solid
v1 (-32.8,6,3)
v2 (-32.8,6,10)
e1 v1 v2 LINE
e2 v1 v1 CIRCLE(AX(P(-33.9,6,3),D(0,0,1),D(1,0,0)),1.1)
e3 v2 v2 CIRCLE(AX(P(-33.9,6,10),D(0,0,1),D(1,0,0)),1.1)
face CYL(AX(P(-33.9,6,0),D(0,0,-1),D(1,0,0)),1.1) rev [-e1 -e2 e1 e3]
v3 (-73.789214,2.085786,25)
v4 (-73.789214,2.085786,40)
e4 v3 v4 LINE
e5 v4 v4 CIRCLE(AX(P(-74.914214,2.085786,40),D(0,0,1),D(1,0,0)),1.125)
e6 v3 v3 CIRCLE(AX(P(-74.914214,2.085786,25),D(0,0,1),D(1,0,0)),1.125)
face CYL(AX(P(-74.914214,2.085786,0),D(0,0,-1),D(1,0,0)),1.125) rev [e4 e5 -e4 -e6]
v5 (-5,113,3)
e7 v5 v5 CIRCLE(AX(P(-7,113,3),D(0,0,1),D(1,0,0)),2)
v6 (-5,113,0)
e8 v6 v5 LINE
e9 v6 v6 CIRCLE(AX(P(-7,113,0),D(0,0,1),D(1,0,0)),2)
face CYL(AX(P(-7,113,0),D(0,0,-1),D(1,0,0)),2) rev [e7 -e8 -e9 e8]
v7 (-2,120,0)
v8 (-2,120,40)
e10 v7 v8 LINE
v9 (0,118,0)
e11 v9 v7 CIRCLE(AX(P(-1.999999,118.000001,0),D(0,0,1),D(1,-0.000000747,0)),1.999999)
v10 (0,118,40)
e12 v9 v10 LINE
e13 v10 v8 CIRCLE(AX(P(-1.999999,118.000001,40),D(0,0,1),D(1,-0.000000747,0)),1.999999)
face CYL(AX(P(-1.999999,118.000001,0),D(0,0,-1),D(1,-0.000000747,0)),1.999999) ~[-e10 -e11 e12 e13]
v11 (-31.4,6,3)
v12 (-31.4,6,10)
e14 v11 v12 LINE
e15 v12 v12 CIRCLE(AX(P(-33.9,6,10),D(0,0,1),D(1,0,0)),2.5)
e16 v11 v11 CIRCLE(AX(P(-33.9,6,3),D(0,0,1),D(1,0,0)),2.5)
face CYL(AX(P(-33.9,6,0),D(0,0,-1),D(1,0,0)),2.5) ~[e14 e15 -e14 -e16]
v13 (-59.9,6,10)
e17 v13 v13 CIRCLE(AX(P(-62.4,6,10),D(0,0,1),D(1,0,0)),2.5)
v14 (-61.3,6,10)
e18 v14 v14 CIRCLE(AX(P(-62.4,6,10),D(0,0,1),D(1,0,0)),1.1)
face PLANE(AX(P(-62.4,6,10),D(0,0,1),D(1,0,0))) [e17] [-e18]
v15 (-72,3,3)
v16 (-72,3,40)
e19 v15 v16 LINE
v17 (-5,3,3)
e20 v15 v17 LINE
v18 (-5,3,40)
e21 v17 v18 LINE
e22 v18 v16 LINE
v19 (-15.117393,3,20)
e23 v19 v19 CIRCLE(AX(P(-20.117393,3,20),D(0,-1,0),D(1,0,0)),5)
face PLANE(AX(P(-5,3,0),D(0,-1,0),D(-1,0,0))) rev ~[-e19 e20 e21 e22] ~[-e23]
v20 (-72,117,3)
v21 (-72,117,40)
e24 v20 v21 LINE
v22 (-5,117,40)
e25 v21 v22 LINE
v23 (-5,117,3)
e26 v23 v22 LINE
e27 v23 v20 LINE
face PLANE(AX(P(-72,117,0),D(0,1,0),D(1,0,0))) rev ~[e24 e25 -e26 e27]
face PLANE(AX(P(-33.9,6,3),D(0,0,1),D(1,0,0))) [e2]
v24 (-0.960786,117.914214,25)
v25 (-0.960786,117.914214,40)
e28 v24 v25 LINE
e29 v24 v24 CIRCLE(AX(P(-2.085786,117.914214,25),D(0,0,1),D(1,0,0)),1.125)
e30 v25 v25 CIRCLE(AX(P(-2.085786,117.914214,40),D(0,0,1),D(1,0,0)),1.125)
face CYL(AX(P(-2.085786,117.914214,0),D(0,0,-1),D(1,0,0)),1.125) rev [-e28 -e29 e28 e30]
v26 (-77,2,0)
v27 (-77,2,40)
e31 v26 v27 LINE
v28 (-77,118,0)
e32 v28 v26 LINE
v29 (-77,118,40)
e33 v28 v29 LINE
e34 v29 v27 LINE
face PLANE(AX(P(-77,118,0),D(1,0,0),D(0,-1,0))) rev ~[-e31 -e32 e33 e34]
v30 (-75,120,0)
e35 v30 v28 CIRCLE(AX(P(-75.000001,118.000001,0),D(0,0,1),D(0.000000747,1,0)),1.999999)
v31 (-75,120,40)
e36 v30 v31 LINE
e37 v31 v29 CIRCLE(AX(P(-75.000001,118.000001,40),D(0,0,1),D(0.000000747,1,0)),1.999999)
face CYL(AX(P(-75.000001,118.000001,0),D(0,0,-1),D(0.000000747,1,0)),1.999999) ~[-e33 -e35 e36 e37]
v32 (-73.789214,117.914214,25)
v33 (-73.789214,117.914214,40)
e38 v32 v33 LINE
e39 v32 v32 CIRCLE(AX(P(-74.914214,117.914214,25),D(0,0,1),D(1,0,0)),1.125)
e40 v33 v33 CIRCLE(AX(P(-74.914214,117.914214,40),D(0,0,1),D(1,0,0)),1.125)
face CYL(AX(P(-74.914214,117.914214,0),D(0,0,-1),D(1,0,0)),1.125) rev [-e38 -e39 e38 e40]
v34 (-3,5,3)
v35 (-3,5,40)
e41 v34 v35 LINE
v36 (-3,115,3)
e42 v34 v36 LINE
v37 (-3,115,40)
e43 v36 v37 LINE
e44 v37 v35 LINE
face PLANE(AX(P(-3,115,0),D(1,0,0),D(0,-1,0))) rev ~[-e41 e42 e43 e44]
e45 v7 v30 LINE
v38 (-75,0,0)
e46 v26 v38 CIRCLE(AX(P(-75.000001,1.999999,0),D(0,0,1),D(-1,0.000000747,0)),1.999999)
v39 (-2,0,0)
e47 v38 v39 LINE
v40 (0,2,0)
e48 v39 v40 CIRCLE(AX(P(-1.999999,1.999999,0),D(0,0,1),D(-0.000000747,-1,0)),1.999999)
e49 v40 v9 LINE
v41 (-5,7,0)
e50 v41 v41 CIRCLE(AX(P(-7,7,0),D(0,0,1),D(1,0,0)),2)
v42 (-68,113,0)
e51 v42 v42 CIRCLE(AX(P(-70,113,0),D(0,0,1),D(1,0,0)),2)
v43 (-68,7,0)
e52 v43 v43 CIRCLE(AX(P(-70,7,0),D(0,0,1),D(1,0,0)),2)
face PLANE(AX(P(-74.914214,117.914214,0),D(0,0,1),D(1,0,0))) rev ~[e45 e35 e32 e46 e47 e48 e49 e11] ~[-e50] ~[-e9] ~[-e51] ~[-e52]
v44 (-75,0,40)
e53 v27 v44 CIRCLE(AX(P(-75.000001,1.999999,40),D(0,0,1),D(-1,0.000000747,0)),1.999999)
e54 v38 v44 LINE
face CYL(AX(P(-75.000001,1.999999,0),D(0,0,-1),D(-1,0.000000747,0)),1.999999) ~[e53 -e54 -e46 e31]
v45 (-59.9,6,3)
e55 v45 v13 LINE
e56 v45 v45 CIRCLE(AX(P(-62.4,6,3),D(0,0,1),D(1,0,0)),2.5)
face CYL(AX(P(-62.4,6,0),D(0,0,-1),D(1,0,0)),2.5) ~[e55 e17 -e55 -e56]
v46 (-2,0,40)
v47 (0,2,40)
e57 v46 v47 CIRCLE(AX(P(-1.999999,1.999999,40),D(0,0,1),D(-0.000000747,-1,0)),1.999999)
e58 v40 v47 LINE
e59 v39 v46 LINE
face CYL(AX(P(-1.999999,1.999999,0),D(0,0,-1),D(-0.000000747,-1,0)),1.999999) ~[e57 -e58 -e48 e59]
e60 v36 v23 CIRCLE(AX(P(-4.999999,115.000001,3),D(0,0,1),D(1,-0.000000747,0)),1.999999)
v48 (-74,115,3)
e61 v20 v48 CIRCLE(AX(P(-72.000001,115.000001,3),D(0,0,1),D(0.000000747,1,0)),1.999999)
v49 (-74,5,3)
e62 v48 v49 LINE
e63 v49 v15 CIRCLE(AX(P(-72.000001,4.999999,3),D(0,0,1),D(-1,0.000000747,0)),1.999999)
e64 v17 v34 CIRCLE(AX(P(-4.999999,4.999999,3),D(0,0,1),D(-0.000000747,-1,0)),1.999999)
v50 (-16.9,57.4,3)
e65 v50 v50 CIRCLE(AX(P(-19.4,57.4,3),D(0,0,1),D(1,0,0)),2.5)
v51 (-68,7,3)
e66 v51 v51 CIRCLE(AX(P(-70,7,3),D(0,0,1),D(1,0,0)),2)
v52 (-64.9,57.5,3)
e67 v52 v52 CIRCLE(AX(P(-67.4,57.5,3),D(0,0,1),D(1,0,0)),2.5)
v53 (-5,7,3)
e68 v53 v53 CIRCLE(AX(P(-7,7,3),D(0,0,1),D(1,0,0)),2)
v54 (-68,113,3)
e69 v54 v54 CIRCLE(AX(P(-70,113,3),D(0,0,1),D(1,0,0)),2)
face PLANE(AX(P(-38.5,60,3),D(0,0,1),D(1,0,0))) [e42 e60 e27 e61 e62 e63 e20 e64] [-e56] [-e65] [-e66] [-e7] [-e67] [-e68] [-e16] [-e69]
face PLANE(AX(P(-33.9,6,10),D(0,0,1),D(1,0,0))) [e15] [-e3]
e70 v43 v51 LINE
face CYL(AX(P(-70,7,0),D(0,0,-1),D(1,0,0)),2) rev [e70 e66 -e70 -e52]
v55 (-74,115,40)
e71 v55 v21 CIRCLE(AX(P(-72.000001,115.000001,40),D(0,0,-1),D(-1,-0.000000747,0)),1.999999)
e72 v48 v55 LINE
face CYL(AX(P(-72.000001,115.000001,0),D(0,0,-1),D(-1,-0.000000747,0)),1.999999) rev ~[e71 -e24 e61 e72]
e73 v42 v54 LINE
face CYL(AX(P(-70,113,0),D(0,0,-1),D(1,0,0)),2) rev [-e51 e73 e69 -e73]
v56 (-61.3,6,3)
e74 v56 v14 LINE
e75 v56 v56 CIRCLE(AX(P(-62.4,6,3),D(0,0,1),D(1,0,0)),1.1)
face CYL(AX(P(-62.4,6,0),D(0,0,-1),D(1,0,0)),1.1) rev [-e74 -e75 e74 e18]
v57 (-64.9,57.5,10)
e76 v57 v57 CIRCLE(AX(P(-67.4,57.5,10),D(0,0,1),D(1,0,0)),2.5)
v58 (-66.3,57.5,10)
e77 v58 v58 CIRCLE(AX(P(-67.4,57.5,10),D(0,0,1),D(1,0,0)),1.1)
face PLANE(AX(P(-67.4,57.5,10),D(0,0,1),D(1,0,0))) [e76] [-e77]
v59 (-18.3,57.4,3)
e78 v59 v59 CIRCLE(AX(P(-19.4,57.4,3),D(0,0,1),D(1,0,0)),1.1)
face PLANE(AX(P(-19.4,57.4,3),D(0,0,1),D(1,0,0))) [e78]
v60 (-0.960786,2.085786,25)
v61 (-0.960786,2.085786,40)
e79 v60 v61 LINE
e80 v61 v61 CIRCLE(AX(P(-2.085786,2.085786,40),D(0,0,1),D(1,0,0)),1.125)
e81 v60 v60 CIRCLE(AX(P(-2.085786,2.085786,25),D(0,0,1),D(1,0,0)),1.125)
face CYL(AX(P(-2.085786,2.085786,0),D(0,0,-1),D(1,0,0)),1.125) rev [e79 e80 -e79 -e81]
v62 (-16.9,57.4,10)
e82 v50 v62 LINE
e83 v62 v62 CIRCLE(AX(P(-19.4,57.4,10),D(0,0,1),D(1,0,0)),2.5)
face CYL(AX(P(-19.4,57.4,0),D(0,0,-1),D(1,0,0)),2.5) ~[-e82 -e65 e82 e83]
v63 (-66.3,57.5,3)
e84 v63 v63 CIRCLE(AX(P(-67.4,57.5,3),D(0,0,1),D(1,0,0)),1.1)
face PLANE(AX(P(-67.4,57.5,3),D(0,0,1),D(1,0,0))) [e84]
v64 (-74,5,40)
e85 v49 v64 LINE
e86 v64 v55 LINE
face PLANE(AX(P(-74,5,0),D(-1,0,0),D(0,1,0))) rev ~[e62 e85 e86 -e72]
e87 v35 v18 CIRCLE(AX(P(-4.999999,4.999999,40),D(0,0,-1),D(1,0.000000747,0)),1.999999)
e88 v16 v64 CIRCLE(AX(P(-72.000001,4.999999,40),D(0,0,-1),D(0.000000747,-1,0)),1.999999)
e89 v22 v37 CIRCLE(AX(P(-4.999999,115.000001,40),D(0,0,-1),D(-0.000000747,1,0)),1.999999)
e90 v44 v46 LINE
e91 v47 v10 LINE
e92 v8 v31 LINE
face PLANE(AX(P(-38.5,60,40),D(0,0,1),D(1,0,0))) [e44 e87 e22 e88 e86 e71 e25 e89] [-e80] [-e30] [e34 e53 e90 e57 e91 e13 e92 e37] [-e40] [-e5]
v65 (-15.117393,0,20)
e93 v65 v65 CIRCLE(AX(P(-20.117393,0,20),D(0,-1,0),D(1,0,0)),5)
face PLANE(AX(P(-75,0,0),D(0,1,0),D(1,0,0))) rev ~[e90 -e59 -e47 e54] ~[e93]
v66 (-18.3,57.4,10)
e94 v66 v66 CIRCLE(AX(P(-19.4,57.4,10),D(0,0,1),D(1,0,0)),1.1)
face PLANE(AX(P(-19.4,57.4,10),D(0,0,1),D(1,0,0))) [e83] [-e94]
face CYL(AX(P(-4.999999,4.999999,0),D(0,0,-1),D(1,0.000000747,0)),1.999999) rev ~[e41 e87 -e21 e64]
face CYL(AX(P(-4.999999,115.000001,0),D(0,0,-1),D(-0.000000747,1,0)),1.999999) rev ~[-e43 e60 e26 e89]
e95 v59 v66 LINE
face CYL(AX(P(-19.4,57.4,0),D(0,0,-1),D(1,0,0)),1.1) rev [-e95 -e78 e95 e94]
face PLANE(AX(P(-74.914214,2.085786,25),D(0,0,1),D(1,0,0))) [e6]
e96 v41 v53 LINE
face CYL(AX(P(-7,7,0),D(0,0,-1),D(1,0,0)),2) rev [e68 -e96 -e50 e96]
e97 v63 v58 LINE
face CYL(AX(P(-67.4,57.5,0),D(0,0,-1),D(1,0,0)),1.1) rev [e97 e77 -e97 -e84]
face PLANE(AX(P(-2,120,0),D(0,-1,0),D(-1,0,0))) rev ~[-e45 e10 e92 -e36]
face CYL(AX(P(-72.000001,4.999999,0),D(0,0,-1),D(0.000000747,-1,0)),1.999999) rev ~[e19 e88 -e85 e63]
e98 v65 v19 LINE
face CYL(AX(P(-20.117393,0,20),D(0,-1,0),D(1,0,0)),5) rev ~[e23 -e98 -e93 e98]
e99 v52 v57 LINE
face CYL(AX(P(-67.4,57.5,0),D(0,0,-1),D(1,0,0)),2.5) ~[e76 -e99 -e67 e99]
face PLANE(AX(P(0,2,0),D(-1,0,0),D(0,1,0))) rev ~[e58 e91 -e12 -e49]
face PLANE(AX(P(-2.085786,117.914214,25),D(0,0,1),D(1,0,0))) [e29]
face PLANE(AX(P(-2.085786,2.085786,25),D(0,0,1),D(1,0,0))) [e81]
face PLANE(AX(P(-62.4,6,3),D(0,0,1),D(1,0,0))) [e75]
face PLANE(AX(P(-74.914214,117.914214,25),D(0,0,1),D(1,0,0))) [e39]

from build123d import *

# Parameters (mm, degrees)
F0_R     = 1.125
F1_DEPTH = 40
F0_R_2   = 2
F0_R_3   = 2.5
F2_DEPTH = 3
F0_R_4   = 1.1
F3_DEPTH = 10
F4_DEPTH = 3
F5_R     = 5
F6_DEPTH = 4
F7_DEPTH = 25


with BuildPart() as f1:
    # F0 (on Top) → F1 (new body)
    with BuildSketch(Plane.XY):
        with BuildLine():
            Line((-2, 120), (-75, 120))
            ThreePointArc((-75, 120), (-76.414214, 119.414214), (-77, 118))
            Line((-77, 118), (-77, 2))
            ThreePointArc((-77, 2), (-76.414214, 0.585786), (-75, 0))
            Line((-75, 0), (-2, 0))
            ThreePointArc((-2, 0), (-0.585786, 0.585786), (0, 2))
            Line((0, 2), (0, 118))
            ThreePointArc((0, 118), (-0.585786, 119.414214), (-2, 120))
        make_face()
        with Locations((-74.914214, 2.085786)):
            Circle(F0_R, mode=Mode.SUBTRACT)
        with Locations((-2.085786, 2.085786)):
            Circle(F0_R, mode=Mode.SUBTRACT)
        with BuildLine():
            Line((-72, 117), (-38.5, 117))
            Line((-38.5, 117), (-5, 117))
            ThreePointArc((-5, 117), (-3.585786, 116.414214), (-3, 115))
            Line((-3, 115), (-3, 60))
            Line((-3, 60), (-3, 5))
            ThreePointArc((-3, 5), (-3.585786, 3.585786), (-5, 3))
            Line((-5, 3), (-38.5, 3))
            Line((-38.5, 3), (-72, 3))
            ThreePointArc((-72, 3), (-73.414214, 3.585786), (-74, 5))
            Line((-74, 5), (-74, 60))
            Line((-74, 60), (-74, 115))
            ThreePointArc((-74, 115), (-73.414214, 116.414214), (-72, 117))
        make_face(mode=Mode.SUBTRACT)
        with Locations((-74.914214, 117.914214)):
            Circle(F0_R, mode=Mode.SUBTRACT)
        with Locations((-2.085786, 117.914214)):
            Circle(F0_R, mode=Mode.SUBTRACT)
    extrude(amount=F1_DEPTH)

    # F0 (on Top) → F2 (join)
    with BuildSketch(Plane.XY):
        with BuildLine():
            Line((-5, 117), (-38.5, 117))
            Line((-38.5, 117), (-72, 117))
            ThreePointArc((-72, 117), (-73.414214, 116.414214), (-74, 115))
            Line((-74, 115), (-74, 60))
            Line((-74, 60), (-74, 5))
            ThreePointArc((-74, 5), (-73.414214, 3.585786), (-72, 3))
            Line((-72, 3), (-38.5, 3))
            Line((-38.5, 3), (-5, 3))
            ThreePointArc((-5, 3), (-3.585786, 3.585786), (-3, 5))
            Line((-3, 5), (-3, 60))
            Line((-3, 60), (-3, 115))
            ThreePointArc((-3, 115), (-3.585786, 116.414214), (-5, 117))
        make_face()
        with Locations((-70, 7)):
            Circle(F0_R_2, mode=Mode.SUBTRACT)
        with Locations((-62.4, 6)):
            Circle(F0_R_3, mode=Mode.SUBTRACT)
        with Locations((-67.4, 57.5)):
            Circle(F0_R_3, mode=Mode.SUBTRACT)
        with Locations((-33.9, 6)):
            Circle(F0_R_3, mode=Mode.SUBTRACT)
        with Locations((-7, 7)):
            Circle(F0_R_2, mode=Mode.SUBTRACT)
        with Locations((-19.4, 57.4)):
            Circle(F0_R_3, mode=Mode.SUBTRACT)
        with Locations((-70, 113)):
            Circle(F0_R_2, mode=Mode.SUBTRACT)
        with Locations((-7, 113)):
            Circle(F0_R_2, mode=Mode.SUBTRACT)
    extrude(amount=F2_DEPTH)

    # F0 (on Top) → F3 (join)
    with BuildSketch(Plane.XY):
        with Locations((-67.4, 57.5)):
            Circle(F0_R_3)
        with Locations((-67.4, 57.5)):
            Circle(F0_R_4, mode=Mode.SUBTRACT)
        with Locations((-19.4, 57.4)):
            Circle(F0_R_3)
        with Locations((-19.4, 57.4)):
            Circle(F0_R_4, mode=Mode.SUBTRACT)
        with Locations((-33.9, 6)):
            Circle(F0_R_3)
        with Locations((-33.9, 6)):
            Circle(F0_R_4, mode=Mode.SUBTRACT)
        with Locations((-62.4, 6)):
            Circle(F0_R_3)
        with Locations((-62.4, 6)):
            Circle(F0_R_4, mode=Mode.SUBTRACT)
    extrude(amount=F3_DEPTH)

    # F0 (on Top) → F4 (join)
    with BuildSketch(Plane.XY):
        with Locations((-67.4, 57.5)):
            Circle(F0_R_4)
        with Locations((-19.4, 57.4)):
            Circle(F0_R_4)
        with Locations((-33.9, 6)):
            Circle(F0_R_4)
        with Locations((-62.4, 6)):
            Circle(F0_R_4)
    extrude(amount=F4_DEPTH)

    # F5 (on Front) → F6 (cut)
    with BuildSketch(Plane.XZ):
        with Locations((-20.117393, 20)):
            Circle(F5_R)
    extrude(amount=-F6_DEPTH, mode=Mode.SUBTRACT)

    # F0 (on Top) → F7 (join)
    with BuildSketch(Plane.XY):
        with Locations((-74.914214, 117.914214)):
            Circle(F0_R)
        with Locations((-2.085786, 117.914214)):
            Circle(F0_R)
        with Locations((-2.085786, 2.085786)):
            Circle(F0_R)
        with Locations((-74.914214, 2.085786)):
            Circle(F0_R)
    extrude(amount=F7_DEPTH)


solid = f1.part
